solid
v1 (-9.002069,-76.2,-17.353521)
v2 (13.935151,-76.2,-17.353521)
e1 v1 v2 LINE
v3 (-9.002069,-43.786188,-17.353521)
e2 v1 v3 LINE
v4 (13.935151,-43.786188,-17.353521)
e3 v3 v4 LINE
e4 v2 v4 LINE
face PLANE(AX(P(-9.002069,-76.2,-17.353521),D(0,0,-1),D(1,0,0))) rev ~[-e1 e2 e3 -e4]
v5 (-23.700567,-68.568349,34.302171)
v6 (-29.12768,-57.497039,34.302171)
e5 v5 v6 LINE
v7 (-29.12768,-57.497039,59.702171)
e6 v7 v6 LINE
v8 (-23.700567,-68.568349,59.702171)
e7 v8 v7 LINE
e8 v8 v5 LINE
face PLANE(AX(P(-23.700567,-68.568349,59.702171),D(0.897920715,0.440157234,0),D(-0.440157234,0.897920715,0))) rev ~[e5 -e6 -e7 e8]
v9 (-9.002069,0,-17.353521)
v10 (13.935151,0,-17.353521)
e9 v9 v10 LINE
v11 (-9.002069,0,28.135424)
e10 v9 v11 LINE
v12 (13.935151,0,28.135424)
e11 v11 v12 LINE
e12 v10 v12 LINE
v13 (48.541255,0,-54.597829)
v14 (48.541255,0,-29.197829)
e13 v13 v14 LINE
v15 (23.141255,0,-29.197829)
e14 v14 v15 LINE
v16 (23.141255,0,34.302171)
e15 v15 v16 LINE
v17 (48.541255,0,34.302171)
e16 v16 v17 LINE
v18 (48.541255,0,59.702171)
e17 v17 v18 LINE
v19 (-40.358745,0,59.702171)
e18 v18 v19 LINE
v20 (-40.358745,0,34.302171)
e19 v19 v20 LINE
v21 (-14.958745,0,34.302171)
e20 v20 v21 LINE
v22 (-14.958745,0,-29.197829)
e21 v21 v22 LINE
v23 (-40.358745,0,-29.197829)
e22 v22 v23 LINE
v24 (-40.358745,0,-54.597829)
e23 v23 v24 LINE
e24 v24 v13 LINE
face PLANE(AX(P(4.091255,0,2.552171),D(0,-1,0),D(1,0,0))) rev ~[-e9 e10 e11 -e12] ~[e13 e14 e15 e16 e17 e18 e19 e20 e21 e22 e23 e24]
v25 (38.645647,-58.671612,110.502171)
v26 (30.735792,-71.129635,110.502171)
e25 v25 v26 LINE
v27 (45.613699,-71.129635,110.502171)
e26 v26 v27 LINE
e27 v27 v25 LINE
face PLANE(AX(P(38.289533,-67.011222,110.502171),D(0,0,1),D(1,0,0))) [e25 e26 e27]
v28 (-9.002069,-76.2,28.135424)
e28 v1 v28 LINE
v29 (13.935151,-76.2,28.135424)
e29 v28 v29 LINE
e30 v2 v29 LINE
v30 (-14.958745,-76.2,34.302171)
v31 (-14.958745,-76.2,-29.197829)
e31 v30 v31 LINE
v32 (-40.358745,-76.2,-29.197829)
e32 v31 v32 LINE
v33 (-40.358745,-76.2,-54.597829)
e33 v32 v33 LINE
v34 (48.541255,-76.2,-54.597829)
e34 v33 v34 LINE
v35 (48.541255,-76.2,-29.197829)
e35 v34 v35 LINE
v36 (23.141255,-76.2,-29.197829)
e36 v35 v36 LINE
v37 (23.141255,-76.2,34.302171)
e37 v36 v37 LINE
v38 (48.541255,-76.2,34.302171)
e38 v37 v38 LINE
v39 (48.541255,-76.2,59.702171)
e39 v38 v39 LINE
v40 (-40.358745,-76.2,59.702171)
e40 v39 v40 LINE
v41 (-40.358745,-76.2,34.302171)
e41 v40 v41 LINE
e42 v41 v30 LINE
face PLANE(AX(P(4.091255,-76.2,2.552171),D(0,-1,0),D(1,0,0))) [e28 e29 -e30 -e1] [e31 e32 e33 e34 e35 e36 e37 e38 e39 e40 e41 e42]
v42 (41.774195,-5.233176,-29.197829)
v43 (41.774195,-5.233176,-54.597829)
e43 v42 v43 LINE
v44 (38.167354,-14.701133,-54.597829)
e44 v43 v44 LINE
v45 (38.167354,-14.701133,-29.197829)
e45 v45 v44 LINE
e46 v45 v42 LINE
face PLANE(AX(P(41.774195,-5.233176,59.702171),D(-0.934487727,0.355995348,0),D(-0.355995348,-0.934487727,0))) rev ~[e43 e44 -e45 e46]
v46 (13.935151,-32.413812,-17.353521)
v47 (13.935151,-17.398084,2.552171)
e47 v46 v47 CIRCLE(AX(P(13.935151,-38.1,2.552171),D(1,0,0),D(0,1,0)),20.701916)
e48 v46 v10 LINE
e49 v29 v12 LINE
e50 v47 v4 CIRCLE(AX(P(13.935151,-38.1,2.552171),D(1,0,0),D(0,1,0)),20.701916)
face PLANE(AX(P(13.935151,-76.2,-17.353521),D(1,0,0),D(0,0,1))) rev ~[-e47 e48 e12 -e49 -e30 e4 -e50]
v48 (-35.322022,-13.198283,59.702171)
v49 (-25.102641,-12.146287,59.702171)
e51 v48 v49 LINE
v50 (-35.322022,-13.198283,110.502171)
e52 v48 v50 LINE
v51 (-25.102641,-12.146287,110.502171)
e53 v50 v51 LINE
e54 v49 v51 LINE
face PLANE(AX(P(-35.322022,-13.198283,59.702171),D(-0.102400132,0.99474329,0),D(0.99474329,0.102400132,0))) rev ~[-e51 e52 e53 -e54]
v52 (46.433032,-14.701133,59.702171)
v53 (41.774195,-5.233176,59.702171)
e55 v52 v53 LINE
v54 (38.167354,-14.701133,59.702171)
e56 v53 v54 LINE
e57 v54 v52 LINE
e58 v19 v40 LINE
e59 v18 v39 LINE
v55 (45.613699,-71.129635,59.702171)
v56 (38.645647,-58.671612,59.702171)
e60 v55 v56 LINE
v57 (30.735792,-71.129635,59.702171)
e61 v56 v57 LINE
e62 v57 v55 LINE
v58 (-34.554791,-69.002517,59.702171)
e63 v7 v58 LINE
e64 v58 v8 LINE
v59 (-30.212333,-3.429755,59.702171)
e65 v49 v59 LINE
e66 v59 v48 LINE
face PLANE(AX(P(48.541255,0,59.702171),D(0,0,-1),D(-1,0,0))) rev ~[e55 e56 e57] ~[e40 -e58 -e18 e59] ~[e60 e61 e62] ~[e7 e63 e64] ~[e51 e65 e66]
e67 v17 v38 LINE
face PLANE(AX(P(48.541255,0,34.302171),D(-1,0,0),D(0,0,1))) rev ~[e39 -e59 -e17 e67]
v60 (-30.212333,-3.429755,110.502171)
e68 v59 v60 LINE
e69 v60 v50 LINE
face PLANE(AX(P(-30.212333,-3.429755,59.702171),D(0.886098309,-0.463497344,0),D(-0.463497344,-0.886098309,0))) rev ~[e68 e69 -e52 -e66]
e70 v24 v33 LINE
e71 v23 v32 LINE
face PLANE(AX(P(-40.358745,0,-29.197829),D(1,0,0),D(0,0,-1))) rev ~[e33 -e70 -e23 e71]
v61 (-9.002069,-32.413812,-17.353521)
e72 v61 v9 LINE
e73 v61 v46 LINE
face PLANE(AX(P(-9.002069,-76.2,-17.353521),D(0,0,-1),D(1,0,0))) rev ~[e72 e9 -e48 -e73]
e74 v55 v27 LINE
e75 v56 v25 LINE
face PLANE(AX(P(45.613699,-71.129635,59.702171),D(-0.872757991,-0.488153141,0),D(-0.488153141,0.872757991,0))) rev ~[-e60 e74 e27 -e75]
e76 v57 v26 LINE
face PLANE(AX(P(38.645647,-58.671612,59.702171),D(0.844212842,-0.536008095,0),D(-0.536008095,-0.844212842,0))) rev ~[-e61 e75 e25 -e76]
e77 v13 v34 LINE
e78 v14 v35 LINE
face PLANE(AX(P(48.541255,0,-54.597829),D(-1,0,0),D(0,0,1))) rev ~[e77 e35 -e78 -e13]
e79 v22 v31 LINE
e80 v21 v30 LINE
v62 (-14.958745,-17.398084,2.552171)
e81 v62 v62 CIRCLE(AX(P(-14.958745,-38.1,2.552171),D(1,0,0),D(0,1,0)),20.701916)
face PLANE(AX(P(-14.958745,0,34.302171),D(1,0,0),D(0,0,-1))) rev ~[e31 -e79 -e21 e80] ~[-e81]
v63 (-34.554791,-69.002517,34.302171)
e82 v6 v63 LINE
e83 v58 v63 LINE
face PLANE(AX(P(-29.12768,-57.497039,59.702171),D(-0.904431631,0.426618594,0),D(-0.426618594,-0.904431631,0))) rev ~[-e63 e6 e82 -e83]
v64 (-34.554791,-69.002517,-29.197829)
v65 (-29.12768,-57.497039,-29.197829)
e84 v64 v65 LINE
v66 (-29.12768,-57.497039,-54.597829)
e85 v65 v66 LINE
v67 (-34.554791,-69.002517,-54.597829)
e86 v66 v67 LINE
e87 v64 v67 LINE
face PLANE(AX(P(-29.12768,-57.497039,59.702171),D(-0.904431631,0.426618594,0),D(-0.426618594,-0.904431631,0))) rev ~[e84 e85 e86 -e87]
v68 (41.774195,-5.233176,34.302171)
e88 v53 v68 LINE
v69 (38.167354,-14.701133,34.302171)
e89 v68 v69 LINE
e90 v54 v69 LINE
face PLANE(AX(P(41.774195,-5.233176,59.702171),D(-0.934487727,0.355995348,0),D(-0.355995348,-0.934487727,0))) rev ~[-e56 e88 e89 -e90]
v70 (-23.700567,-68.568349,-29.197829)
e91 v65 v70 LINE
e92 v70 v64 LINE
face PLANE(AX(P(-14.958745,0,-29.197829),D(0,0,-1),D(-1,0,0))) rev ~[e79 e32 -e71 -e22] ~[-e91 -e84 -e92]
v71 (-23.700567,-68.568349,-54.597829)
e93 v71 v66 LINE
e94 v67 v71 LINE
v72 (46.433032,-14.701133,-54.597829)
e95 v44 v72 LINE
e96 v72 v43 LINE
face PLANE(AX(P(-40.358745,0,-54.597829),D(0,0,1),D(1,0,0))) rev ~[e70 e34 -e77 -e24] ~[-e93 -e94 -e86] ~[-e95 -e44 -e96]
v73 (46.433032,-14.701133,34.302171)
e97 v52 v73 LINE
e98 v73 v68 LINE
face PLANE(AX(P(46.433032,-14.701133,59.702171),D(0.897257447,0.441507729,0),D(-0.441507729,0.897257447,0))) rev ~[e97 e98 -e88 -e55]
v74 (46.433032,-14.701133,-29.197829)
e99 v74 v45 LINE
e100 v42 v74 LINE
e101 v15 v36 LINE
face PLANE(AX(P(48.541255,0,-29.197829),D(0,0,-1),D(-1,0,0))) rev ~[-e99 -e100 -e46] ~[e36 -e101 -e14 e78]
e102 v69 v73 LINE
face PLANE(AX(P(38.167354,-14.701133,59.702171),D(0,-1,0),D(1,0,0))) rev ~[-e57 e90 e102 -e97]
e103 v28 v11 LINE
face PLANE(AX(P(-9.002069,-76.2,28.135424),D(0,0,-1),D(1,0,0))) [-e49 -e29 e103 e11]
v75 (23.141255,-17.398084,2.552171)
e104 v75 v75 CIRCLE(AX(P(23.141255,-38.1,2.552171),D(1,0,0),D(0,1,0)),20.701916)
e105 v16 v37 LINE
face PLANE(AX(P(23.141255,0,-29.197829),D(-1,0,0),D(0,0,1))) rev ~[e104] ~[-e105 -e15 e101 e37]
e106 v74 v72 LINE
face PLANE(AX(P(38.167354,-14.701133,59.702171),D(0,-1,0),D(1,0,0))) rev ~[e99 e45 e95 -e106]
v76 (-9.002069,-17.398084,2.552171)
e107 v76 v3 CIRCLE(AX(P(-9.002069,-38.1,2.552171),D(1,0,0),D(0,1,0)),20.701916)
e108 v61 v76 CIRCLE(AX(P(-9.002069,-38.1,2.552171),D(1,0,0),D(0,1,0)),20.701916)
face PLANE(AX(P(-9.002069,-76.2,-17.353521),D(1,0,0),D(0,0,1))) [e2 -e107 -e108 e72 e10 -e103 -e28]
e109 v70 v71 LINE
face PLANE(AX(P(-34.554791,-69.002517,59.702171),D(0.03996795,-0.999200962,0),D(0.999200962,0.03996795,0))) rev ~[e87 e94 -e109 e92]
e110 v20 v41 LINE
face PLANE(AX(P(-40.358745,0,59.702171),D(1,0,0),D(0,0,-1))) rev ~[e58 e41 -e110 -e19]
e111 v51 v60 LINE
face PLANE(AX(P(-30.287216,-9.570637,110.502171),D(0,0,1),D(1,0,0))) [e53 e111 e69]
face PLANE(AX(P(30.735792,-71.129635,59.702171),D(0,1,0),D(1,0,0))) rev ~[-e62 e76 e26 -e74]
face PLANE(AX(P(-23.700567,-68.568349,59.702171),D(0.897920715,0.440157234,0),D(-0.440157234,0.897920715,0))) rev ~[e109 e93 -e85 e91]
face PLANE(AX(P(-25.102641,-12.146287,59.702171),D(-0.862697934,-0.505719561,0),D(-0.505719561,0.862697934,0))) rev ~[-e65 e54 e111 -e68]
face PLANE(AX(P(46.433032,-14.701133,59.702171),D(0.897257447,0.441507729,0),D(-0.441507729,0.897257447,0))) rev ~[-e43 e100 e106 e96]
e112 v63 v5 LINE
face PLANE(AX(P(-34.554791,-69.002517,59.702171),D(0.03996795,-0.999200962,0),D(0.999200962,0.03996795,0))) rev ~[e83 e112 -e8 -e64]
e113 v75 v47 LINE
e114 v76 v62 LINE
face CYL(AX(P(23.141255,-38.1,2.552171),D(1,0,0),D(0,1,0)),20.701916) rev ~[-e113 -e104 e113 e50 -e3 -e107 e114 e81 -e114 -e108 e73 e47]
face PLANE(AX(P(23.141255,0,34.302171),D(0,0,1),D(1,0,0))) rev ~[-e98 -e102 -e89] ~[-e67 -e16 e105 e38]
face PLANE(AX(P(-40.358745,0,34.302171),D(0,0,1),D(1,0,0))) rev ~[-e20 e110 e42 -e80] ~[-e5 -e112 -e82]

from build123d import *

# Parameters (mm, degrees)
F1_DEPTH  = 76.2
F2_R      = 20.701916
F3_DEPTH  = 63.501
F5_DEPTH  = 50.8
F7_DEPTH  = 114.301
F9_DEPTH  = 50.8
F11_DEPTH = 114.301
F12_W     = 22.93722
F12_H     = 45.488945
F13_DEPTH = 76.201


with BuildPart() as f1:
    # F0 (on Front) → F1 (new body)
    with BuildSketch(Plane.XZ):
        Polygon((-40.358745, -29.197829), (-40.358745, -54.597829), (48.541255, -54.597829), (48.541255, -29.197829), (23.141255, -29.197829), (23.141255, 34.302171), (48.541255, 34.302171), (48.541255, 59.702171), (-40.358745, 59.702171), (-40.358745, 34.302171), (-14.958745, 34.302171), (-14.958745, -29.197829), align=None)
    extrude(amount=F1_DEPTH)

    # F2 (on face) → F3 (cut, through all)
    with BuildSketch(Plane.YZ.offset(23.141255)):
        with Locations((-38.1, 2.552171)):
            Circle(F2_R)
    extrude(amount=-F3_DEPTH, mode=Mode.SUBTRACT)

    # F4 (on face) → F5 (join)
    with BuildSketch(Plane.XY.offset(59.702171)):
        Polygon((38.645647, -58.671612), (30.735792, -71.129635), (45.613699, -71.129635), align=None)
    extrude(amount=F5_DEPTH)

    # F6 (on face) → F7 (cut, through all)
    with BuildSketch(Plane.XY.offset(59.702171)):
        Polygon((-29.12768, -57.497039), (-34.554791, -69.002517), (-23.700567, -68.568349), align=None)
    extrude(amount=-F7_DEPTH, mode=Mode.SUBTRACT)

    # F8 (on face) → F9 (join)
    with BuildSketch(Plane.XY.offset(59.702171)):
        Polygon((-30.212333, -3.429755), (-35.322022, -13.198283), (-25.102641, -12.146287), align=None)
    extrude(amount=F9_DEPTH)

    # F10 (on face) → F11 (cut, through all)
    with BuildSketch(Plane.XY.offset(59.702171)):
        Polygon((41.774195, -5.233176), (38.167354, -14.701133), (46.433032, -14.701133), align=None)
    extrude(amount=-F11_DEPTH, mode=Mode.SUBTRACT)

    # F12 (on face) → F13 (cut, through all)
    with BuildSketch(Plane.XZ.offset(76.2)):
        with Locations((2.466541, 5.390951)):
            Rectangle(F12_W, F12_H)
    extrude(amount=-F13_DEPTH, mode=Mode.SUBTRACT)


solid = f1.part
